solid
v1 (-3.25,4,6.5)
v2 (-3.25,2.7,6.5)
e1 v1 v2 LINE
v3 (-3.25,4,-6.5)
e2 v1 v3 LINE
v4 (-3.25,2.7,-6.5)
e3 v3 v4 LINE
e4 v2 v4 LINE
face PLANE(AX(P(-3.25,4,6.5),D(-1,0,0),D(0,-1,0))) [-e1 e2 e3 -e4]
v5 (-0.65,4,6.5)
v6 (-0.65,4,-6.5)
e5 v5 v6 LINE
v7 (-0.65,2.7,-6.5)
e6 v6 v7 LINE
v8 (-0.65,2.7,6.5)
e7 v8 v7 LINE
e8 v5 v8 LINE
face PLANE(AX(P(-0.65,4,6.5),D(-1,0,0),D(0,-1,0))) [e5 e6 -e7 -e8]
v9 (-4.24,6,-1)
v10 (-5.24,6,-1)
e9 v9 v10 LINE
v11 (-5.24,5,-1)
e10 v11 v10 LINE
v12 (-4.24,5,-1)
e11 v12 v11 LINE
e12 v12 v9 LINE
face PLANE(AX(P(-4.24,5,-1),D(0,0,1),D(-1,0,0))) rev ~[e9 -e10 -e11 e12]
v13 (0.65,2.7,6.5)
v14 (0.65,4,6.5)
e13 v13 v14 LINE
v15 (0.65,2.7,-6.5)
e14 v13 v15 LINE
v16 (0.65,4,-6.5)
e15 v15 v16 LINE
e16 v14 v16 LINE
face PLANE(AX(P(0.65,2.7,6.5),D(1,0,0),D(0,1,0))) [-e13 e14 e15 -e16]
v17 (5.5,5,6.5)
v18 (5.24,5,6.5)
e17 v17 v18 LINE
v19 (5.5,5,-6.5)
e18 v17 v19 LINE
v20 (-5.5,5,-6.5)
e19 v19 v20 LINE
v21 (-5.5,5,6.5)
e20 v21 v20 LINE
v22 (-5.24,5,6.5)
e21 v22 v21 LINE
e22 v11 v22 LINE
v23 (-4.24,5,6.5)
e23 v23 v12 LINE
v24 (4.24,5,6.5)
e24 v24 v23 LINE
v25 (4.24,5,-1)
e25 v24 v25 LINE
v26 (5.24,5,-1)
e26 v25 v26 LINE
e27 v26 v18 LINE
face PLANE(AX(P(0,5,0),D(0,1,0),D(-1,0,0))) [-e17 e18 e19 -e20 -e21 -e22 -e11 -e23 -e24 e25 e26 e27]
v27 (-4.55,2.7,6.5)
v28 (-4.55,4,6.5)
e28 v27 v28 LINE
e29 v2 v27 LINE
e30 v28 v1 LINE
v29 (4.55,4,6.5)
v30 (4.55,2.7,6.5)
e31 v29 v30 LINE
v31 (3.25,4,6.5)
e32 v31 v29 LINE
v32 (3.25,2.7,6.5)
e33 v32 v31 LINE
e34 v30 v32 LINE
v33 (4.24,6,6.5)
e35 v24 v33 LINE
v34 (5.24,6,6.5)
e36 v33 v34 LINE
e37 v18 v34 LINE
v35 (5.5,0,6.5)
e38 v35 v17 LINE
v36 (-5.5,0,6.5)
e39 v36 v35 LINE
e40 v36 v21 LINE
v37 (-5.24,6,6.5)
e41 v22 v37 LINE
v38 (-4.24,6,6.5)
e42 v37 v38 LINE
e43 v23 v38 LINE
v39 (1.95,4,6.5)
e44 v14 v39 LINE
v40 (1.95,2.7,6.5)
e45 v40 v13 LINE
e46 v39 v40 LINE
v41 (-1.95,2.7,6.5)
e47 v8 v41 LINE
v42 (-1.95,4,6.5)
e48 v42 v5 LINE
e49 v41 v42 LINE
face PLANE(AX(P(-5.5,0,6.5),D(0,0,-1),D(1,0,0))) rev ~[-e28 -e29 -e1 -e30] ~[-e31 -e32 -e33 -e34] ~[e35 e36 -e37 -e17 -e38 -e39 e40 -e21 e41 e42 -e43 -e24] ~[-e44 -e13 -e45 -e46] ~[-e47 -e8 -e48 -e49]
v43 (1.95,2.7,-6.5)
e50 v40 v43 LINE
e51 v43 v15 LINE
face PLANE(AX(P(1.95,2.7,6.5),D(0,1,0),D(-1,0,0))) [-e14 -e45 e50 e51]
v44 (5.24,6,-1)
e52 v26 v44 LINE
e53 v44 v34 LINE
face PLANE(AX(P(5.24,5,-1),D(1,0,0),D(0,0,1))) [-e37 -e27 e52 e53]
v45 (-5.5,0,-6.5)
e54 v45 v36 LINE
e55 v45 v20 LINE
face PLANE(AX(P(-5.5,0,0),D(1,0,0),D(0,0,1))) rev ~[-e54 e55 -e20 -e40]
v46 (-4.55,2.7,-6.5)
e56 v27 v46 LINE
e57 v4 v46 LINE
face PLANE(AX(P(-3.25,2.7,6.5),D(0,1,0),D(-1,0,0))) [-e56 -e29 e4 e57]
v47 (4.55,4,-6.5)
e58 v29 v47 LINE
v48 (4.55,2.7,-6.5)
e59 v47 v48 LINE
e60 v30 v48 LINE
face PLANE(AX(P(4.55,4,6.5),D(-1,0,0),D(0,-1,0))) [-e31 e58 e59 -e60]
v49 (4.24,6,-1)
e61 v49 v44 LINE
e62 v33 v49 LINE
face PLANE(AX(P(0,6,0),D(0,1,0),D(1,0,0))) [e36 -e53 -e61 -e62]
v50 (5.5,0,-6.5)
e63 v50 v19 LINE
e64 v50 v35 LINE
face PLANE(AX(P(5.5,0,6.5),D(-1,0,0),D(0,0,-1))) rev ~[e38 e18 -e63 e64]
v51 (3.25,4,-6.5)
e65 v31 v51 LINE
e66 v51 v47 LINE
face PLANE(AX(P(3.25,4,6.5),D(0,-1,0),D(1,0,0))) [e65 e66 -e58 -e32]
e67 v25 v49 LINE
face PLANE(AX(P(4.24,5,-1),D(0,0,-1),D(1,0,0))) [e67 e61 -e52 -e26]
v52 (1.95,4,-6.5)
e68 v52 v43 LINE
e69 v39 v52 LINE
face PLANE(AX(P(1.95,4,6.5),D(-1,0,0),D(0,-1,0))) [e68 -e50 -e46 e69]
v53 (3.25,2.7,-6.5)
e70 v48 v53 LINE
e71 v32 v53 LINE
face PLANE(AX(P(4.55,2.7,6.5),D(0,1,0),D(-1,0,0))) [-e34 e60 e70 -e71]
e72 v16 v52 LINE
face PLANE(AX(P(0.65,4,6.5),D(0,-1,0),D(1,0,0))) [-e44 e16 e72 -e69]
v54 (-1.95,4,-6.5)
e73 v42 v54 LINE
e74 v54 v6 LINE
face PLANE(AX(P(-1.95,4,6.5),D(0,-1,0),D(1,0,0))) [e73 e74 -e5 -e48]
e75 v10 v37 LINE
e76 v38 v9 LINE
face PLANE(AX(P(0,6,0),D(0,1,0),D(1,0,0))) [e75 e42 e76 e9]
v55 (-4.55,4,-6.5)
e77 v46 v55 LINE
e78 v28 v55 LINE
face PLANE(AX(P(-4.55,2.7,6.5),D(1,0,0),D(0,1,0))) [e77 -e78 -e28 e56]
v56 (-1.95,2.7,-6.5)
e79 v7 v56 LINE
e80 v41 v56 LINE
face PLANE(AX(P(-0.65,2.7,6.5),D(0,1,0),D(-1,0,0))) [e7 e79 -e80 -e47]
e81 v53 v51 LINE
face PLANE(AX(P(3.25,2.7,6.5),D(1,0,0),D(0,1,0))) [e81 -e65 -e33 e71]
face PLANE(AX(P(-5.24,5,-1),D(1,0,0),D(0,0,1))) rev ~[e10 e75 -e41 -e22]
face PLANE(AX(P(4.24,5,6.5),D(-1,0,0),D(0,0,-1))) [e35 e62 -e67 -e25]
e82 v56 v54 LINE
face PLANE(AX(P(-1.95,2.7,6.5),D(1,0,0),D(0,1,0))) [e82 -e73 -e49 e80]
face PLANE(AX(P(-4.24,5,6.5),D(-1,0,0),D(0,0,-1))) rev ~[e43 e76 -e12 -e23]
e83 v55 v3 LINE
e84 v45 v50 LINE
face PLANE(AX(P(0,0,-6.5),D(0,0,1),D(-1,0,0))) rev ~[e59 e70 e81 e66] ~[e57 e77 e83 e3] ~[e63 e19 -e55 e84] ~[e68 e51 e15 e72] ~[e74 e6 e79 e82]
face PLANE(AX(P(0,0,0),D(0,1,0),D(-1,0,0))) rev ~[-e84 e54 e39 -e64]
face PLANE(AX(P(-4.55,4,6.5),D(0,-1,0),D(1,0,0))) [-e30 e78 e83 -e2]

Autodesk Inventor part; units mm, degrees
ref_plane "YZ Plane" through (0, 0, 0) normal (1, 0, 0) x (0, 1, 0)
ref_plane "XZ Plane" through (0, 0, 0) normal (0, 1, 0) x (-1, 0, 0)
ref_plane "XY Plane" through (0, 0, 0) normal (0, 0, 1) x (1, 0, 0)
sketch "Sketch1" plane through (0, 0, 0) normal (0, 1, 0) x (-1, 0, 0)
  line L0 (5.5, 6.5) -> (-5.5, 6.5)
  line L1 (-5.5, 6.5) -> (-5.5, -6.5)
  line L2 (-5.5, -6.5) -> (5.5, -6.5)
  line L3 (5.5, -6.5) -> (5.5, 6.5)
  line L4 (0, -9.1) -> (0, 9.1) projected
  line L5 (-7.7, 0) -> (7.7, 0) projected
  point P0 (0, 0)
  dimension "d0" = 11
  dimension "d1" = 5.5
  dimension "d2" = 13
  dimension "d3" = 6.5
extrude "Extrusion1" add sketch "Sketch1" along normal blind 5
sketch "Sketch2" plane through (0, 5, 0) normal (0, 1, 0) x (1, 0, 0)
  line L0 (-5.5, -6.5) -> (5.5, -6.5) projected
  line L1 (-5.24, -6.5) -> (-4.24, -6.5)
  line L2 (-4.24, -6.5) -> (-4.24, 1)
  line L3 (-4.24, 1) -> (-5.24, 1)
  line L4 (-5.24, 1) -> (-5.24, -6.5)
  line L5 (5.24, -6.5) -> (4.24, -6.5)
  line L6 (4.24, -6.5) -> (4.24, 1)
  line L7 (4.24, 1) -> (5.24, 1)
  line L8 (5.24, 1) -> (5.24, -6.5)
  line L9 (5.5, -6.5) -> (5.5, 6.5) projected
  line L10 (-5.5, 6.5) -> (-5.5, -6.5) projected
  point P0 (0, 0)
  point P1 (4.74, 1)
  point P2 (4.24, -6.5)
  dimension "d6" = 0.26
  dimension "d7" = 0.26
  dimension "d8" = 1
  dimension "d9" = 1
  dimension "d10" = 7.5
  dimension "d11" = 7.5
extrude "Extrusion2" add sketch "Sketch2" along normal blind 1
sketch "Sketch3" plane through (-5.5, 0, 6.5) normal (0, 0, 1) x (1, 0, 0)
  line L0 (0.95, 4) -> (2.25, 4)
  line L1 (2.25, 4) -> (2.25, 2.7)
  line L2 (2.25, 2.7) -> (0.95, 2.7)
  line L3 (0.95, 2.7) -> (0.95, 4)
  line L4 (3.55, 4) -> (4.85, 4)
  line L5 (4.85, 4) -> (4.85, 2.7)
  line L6 (4.85, 2.7) -> (3.55, 2.7)
  line L7 (3.55, 2.7) -> (3.55, 4)
  line L8 (6.15, 4) -> (7.45, 4)
  line L9 (7.45, 4) -> (7.45, 2.7)
  line L10 (7.45, 2.7) -> (6.15, 2.7)
  line L11 (6.15, 2.7) -> (6.15, 4)
  line L12 (8.75, 4) -> (10.05, 4)
  line L13 (10.05, 4) -> (10.05, 2.7)
  line L14 (10.05, 2.7) -> (8.75, 2.7)
  line L15 (8.75, 2.7) -> (8.75, 4)
  line L16 (0, 0) -> (0, 5) projected
  line L17 (5.5, 7.2) -> (5.5, -1.2) projected
  line L18 (1.26, 5) -> (9.74, 5) projected
  point P0 (5.5, 0)
  point P1 (0.95, 3.35)
  dimension "d14" = 1.3
  dimension "d15" = 1.3
  dimension "d18" = 1.3
  dimension "d19" = 1.3
  dimension "d21" = 1.3
  dimension "d22" = 1.3
  dimension "d23" = 1.3
  dimension "d24" = 0.65
  dimension "d25" = 1.3
  dimension "d26" = 1
extrude "Extrusion3" cut sketch "Sketch3" against normal up to surface (13 mm away)
equation "\"d1\" = 0.5 * d0"
equation "\"d3\" = 0.5 * d2"
equation "\"d7\" = d6"
equation "\"d9\" = d8"
equation "\"d11\" = d10"
equation "\"d15\" = d14"
equation "\"d18\" = d15"
equation "\"d19\" = d18"
equation "\"d21\" = d19"
equation "\"d22\" = d14"
equation "\"d23\" = d15"
equation "\"d24\" = 0.5 * d19"
equation "\"d25\" = d14"
properties part number "Four-Pin-Shell"
